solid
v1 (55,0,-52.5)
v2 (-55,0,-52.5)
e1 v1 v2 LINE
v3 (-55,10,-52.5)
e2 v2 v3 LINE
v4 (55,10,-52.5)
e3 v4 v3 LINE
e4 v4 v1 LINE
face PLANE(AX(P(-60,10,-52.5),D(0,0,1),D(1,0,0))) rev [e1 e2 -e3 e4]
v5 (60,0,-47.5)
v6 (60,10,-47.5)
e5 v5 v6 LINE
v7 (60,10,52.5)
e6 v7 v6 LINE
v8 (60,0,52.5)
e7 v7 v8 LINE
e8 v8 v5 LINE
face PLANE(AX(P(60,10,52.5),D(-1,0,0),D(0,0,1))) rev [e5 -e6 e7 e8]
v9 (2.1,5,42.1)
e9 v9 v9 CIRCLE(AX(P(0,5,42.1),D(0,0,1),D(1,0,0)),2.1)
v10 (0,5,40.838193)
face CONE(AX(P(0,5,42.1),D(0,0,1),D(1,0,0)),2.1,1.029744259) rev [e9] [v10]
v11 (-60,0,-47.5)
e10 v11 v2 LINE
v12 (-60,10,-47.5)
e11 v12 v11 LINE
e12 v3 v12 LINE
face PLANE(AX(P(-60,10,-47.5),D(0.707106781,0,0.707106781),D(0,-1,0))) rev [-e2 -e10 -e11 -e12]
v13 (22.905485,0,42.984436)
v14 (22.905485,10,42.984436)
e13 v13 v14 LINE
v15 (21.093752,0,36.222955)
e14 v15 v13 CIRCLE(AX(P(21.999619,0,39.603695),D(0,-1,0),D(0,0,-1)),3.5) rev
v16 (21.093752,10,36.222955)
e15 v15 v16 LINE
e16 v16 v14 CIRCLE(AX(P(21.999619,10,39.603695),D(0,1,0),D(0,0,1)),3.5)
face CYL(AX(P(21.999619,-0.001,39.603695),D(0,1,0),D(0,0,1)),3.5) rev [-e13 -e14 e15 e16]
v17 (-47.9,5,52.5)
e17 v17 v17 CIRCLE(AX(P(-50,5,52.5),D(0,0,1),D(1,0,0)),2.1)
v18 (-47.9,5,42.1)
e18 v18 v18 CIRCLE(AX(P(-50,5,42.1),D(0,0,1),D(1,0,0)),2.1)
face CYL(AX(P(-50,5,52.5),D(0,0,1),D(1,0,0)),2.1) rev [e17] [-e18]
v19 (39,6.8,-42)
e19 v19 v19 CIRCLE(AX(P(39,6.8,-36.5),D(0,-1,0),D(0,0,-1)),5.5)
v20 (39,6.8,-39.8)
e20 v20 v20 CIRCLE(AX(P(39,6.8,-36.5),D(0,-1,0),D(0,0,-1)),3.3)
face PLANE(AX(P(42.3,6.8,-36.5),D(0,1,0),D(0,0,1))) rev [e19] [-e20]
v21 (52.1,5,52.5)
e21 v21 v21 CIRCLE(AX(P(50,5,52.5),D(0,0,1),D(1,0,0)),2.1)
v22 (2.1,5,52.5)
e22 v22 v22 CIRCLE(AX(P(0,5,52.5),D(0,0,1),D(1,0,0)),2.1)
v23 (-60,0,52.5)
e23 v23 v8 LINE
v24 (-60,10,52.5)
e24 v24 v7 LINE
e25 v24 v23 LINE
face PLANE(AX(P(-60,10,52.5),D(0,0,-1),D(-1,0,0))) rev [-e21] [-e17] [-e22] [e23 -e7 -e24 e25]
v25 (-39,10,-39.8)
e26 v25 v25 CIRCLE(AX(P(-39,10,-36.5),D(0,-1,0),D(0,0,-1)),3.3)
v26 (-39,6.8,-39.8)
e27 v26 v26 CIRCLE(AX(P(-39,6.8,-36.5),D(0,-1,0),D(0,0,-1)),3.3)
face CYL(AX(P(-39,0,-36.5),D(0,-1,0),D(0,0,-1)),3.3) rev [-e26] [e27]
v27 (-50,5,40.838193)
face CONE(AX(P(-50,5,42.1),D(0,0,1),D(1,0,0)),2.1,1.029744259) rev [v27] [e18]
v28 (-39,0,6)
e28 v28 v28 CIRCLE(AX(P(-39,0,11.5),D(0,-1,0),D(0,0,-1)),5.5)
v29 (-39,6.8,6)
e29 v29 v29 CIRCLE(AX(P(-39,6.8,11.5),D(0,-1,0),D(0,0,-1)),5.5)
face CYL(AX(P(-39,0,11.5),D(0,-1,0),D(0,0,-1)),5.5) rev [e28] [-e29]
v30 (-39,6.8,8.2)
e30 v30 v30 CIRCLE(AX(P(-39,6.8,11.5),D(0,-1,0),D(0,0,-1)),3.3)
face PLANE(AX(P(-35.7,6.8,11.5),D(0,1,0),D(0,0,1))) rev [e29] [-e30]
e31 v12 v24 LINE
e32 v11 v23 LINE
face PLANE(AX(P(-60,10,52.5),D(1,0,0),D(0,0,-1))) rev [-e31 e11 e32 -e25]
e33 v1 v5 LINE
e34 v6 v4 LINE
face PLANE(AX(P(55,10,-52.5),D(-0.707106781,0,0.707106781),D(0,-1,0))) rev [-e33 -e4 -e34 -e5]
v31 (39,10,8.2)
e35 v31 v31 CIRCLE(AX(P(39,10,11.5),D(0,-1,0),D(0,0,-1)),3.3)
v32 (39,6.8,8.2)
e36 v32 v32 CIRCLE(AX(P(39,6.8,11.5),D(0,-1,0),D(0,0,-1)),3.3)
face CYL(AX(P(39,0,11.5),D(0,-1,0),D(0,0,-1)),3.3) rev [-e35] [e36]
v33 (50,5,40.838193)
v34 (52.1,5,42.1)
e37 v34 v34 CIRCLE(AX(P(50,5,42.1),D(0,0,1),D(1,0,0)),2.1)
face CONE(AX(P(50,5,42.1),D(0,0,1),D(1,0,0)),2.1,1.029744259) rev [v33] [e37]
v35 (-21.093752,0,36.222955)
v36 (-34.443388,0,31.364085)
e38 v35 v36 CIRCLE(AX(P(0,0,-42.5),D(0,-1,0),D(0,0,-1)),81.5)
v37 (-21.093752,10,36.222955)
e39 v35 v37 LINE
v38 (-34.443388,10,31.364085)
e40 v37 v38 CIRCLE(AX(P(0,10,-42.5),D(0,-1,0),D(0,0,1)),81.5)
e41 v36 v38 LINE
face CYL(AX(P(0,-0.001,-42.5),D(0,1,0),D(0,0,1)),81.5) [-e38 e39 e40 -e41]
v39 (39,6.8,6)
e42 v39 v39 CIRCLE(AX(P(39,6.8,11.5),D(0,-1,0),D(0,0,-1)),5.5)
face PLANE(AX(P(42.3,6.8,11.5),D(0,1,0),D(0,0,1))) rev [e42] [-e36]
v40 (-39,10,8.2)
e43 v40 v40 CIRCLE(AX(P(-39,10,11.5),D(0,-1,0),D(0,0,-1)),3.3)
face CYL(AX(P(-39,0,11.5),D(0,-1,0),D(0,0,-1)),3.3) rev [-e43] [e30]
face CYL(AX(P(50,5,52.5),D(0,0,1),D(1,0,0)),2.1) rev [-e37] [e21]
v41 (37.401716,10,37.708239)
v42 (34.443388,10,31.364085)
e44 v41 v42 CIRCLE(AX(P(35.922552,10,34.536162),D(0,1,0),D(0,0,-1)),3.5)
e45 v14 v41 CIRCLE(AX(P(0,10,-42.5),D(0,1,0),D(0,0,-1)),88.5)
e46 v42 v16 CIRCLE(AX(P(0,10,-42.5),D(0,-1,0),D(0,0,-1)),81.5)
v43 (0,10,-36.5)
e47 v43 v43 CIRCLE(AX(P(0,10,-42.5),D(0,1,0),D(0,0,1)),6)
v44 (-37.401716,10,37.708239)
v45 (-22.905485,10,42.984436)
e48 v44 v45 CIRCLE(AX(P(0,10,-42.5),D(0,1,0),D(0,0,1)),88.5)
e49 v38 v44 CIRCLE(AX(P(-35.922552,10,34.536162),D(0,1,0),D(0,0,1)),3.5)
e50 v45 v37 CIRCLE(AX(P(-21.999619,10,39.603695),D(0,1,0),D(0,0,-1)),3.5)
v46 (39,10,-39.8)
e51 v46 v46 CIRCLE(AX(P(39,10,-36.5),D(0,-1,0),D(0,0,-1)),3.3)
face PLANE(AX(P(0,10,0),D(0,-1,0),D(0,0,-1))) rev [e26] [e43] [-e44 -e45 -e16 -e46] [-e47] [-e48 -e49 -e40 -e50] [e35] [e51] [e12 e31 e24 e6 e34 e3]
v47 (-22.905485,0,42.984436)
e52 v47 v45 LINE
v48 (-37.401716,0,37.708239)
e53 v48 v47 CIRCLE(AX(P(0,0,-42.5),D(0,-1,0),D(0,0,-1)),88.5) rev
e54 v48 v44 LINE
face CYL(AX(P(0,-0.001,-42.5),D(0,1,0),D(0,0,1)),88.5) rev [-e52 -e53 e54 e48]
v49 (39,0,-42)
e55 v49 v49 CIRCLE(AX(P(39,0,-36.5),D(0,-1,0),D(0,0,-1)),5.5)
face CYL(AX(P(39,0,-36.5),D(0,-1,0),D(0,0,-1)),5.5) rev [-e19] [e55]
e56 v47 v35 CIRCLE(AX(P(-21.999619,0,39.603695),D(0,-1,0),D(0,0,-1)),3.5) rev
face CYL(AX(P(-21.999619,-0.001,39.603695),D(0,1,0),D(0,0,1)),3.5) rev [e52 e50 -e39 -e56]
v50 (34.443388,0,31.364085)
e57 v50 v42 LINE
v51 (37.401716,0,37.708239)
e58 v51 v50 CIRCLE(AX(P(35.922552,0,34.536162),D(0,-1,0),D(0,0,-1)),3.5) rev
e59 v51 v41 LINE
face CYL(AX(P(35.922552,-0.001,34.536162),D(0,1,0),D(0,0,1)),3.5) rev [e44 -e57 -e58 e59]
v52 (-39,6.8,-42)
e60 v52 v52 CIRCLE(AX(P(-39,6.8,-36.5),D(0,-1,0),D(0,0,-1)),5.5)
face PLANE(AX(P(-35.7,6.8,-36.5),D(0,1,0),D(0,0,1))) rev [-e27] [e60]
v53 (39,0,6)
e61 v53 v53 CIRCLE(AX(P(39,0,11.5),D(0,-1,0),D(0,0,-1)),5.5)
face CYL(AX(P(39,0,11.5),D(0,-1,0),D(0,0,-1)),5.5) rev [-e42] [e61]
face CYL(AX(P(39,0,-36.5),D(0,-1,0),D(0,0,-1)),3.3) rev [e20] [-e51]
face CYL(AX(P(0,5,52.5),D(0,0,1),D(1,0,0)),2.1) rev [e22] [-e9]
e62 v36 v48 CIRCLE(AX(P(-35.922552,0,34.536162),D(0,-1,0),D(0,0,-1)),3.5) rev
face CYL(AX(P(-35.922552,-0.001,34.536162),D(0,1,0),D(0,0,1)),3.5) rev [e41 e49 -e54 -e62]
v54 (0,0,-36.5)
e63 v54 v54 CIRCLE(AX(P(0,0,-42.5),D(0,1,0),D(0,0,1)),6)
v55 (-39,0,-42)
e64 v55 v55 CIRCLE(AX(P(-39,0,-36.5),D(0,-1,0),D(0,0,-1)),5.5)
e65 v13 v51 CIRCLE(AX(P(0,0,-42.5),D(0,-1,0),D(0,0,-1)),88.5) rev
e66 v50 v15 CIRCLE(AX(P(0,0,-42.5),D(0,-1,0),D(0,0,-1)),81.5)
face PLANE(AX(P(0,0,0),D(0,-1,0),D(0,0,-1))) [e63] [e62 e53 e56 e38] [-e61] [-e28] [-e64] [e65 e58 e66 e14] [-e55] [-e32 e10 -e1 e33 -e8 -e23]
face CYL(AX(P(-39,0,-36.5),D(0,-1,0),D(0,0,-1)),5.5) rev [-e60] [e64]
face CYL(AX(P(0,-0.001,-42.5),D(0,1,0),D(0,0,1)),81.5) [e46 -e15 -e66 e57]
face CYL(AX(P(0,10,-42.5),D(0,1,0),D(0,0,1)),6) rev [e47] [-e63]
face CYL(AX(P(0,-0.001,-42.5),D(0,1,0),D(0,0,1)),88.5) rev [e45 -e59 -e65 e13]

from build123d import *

# Parameters (mm, degrees)
SKETCH_1_W                = 120
SKETCH_1_H                = 105
EXTRUDE_1_DEPTH           = 10
HOLE_WIZARD_1_D           = 6.6
HOLE_WIZARD_1_CBORE_D     = 11
HOLE_WIZARD_1_CBORE_DEPTH = 6.8
HOLE_WIZARD_1_2_D         = 12
CUT_EXTRUDE_2_REACH       = 82.351
HOLE_WIZARD_M5_1_D        = 4.2
HOLE_WIZARD_M5_1_DEPTH    = 10.4
HOLE_WIZARD_M5_1_TIP      = 1.2618073
CHAMFER_1_SIZE            = 5


with BuildPart() as part:
    # 草图1 → 凸台-拉伸1 (new body)
    with BuildSketch(Plane(origin=(0, 0, 0), x_dir=(1, 0, 0), z_dir=(0, 1, 0))):
        Rectangle(SKETCH_1_W, SKETCH_1_H)
    extrude(amount=EXTRUDE_1_DEPTH)

    # Hole Wizard 1 (through all)
    with Locations(Plane(origin=(0, 0, 0), x_dir=(-1, 0, 0), z_dir=(0, -1, 0))):
        with Locations((39, -11.5), (-39, -11.5), (-39, 36.5), (39, 36.5)):
            CounterBoreHole(HOLE_WIZARD_1_D / 2, HOLE_WIZARD_1_CBORE_D / 2, HOLE_WIZARD_1_CBORE_DEPTH)

    # Hole Wizard 1 2 (through all)
    with Locations(Plane(origin=(0, 10, 0), x_dir=(1, 0, 0), z_dir=(0, 1, 0))):
        with Locations((0, 42.5)):
            Hole(HOLE_WIZARD_1_2_D / 2)

    # 草图7 → 切除-拉伸2 (cut, up to next)
    with BuildSketch(Plane(origin=(0, 10, 0), x_dir=(1, 0, 0), z_dir=(0, 1, 0)), mode=Mode.PRIVATE) as cut_extrude_2_sk1:
        with BuildLine():
            ThreePointArc((-37.401716164, -37.708239153), (-30.268782684, -40.66279694), (-22.905485492, -42.984435627))
            ThreePointArc((-22.905485492, -42.984435627), (-18.618878442, -40.509561892), (-21.093752176, -36.222954843))
            ThreePointArc((-21.093752176, -36.222954843), (-27.874641681, -34.084948594), (-34.443388332, -31.364084643))
            ThreePointArc((-34.443388332, -31.364084643), (-39.094629503, -33.056997982), (-37.401716164, -37.708239153))
        make_face()
    cut_extrude_2_tool1 = extrude(cut_extrude_2_sk1.sketch, amount=-CUT_EXTRUDE_2_REACH, mode=Mode.PRIVATE) & part.part
    # 草图7 → 切除-拉伸2 (cut, up to next)
    with BuildSketch(Plane(origin=(0, 10, 0), x_dir=(1, 0, 0), z_dir=(0, 1, 0)), mode=Mode.PRIVATE) as cut_extrude_2_sk2:
        with BuildLine():
            ThreePointArc((34.443388332, -31.364084643), (39.094629503, -33.056997982), (37.401716164, -37.708239153))
            ThreePointArc((37.401716164, -37.708239153), (30.268782684, -40.66279694), (22.905485492, -42.984435627))
            ThreePointArc((22.905485492, -42.984435627), (18.618878442, -40.509561892), (21.093752176, -36.222954843))
            ThreePointArc((21.093752176, -36.222954843), (27.874641681, -34.084948594), (34.443388332, -31.364084643))
        make_face()
    cut_extrude_2_tool2 = extrude(cut_extrude_2_sk2.sketch, amount=-CUT_EXTRUDE_2_REACH, mode=Mode.PRIVATE) & part.part
    add(cut_extrude_2_tool1.solids().sort_by_distance((-29.014889, 10, 37.217751))[0], mode=Mode.SUBTRACT)
    add(cut_extrude_2_tool2.solids().sort_by_distance((29.014889, 10, 37.217751))[0], mode=Mode.SUBTRACT)

    # M5 螺纹孔1
    with Locations(Plane(origin=(-19.270259274, 3.138381988, 52.5), x_dir=(1, 0, 0), z_dir=(0, 0, 1))):
        with Locations((-30.729740726, 1.861618012), (69.270259274, 1.861618012), (19.270259274, 1.861618012)):
            Hole(HOLE_WIZARD_M5_1_D / 2, depth=HOLE_WIZARD_M5_1_DEPTH)
            with Locations((0, 0, -(HOLE_WIZARD_M5_1_DEPTH + HOLE_WIZARD_M5_1_TIP / 2))):  # 118° drill point
                Cone(0, HOLE_WIZARD_M5_1_D / 2, HOLE_WIZARD_M5_1_TIP, mode=Mode.SUBTRACT)

    # 倒角1
    chamfer_1_edges = [part.edges().sort_by_distance(p)[0] for p in [
        (-60, 5, -52.5),
        (60, 5, -52.5),
    ]]
    chamfer(chamfer_1_edges, length=CHAMFER_1_SIZE)


solid = part.part
